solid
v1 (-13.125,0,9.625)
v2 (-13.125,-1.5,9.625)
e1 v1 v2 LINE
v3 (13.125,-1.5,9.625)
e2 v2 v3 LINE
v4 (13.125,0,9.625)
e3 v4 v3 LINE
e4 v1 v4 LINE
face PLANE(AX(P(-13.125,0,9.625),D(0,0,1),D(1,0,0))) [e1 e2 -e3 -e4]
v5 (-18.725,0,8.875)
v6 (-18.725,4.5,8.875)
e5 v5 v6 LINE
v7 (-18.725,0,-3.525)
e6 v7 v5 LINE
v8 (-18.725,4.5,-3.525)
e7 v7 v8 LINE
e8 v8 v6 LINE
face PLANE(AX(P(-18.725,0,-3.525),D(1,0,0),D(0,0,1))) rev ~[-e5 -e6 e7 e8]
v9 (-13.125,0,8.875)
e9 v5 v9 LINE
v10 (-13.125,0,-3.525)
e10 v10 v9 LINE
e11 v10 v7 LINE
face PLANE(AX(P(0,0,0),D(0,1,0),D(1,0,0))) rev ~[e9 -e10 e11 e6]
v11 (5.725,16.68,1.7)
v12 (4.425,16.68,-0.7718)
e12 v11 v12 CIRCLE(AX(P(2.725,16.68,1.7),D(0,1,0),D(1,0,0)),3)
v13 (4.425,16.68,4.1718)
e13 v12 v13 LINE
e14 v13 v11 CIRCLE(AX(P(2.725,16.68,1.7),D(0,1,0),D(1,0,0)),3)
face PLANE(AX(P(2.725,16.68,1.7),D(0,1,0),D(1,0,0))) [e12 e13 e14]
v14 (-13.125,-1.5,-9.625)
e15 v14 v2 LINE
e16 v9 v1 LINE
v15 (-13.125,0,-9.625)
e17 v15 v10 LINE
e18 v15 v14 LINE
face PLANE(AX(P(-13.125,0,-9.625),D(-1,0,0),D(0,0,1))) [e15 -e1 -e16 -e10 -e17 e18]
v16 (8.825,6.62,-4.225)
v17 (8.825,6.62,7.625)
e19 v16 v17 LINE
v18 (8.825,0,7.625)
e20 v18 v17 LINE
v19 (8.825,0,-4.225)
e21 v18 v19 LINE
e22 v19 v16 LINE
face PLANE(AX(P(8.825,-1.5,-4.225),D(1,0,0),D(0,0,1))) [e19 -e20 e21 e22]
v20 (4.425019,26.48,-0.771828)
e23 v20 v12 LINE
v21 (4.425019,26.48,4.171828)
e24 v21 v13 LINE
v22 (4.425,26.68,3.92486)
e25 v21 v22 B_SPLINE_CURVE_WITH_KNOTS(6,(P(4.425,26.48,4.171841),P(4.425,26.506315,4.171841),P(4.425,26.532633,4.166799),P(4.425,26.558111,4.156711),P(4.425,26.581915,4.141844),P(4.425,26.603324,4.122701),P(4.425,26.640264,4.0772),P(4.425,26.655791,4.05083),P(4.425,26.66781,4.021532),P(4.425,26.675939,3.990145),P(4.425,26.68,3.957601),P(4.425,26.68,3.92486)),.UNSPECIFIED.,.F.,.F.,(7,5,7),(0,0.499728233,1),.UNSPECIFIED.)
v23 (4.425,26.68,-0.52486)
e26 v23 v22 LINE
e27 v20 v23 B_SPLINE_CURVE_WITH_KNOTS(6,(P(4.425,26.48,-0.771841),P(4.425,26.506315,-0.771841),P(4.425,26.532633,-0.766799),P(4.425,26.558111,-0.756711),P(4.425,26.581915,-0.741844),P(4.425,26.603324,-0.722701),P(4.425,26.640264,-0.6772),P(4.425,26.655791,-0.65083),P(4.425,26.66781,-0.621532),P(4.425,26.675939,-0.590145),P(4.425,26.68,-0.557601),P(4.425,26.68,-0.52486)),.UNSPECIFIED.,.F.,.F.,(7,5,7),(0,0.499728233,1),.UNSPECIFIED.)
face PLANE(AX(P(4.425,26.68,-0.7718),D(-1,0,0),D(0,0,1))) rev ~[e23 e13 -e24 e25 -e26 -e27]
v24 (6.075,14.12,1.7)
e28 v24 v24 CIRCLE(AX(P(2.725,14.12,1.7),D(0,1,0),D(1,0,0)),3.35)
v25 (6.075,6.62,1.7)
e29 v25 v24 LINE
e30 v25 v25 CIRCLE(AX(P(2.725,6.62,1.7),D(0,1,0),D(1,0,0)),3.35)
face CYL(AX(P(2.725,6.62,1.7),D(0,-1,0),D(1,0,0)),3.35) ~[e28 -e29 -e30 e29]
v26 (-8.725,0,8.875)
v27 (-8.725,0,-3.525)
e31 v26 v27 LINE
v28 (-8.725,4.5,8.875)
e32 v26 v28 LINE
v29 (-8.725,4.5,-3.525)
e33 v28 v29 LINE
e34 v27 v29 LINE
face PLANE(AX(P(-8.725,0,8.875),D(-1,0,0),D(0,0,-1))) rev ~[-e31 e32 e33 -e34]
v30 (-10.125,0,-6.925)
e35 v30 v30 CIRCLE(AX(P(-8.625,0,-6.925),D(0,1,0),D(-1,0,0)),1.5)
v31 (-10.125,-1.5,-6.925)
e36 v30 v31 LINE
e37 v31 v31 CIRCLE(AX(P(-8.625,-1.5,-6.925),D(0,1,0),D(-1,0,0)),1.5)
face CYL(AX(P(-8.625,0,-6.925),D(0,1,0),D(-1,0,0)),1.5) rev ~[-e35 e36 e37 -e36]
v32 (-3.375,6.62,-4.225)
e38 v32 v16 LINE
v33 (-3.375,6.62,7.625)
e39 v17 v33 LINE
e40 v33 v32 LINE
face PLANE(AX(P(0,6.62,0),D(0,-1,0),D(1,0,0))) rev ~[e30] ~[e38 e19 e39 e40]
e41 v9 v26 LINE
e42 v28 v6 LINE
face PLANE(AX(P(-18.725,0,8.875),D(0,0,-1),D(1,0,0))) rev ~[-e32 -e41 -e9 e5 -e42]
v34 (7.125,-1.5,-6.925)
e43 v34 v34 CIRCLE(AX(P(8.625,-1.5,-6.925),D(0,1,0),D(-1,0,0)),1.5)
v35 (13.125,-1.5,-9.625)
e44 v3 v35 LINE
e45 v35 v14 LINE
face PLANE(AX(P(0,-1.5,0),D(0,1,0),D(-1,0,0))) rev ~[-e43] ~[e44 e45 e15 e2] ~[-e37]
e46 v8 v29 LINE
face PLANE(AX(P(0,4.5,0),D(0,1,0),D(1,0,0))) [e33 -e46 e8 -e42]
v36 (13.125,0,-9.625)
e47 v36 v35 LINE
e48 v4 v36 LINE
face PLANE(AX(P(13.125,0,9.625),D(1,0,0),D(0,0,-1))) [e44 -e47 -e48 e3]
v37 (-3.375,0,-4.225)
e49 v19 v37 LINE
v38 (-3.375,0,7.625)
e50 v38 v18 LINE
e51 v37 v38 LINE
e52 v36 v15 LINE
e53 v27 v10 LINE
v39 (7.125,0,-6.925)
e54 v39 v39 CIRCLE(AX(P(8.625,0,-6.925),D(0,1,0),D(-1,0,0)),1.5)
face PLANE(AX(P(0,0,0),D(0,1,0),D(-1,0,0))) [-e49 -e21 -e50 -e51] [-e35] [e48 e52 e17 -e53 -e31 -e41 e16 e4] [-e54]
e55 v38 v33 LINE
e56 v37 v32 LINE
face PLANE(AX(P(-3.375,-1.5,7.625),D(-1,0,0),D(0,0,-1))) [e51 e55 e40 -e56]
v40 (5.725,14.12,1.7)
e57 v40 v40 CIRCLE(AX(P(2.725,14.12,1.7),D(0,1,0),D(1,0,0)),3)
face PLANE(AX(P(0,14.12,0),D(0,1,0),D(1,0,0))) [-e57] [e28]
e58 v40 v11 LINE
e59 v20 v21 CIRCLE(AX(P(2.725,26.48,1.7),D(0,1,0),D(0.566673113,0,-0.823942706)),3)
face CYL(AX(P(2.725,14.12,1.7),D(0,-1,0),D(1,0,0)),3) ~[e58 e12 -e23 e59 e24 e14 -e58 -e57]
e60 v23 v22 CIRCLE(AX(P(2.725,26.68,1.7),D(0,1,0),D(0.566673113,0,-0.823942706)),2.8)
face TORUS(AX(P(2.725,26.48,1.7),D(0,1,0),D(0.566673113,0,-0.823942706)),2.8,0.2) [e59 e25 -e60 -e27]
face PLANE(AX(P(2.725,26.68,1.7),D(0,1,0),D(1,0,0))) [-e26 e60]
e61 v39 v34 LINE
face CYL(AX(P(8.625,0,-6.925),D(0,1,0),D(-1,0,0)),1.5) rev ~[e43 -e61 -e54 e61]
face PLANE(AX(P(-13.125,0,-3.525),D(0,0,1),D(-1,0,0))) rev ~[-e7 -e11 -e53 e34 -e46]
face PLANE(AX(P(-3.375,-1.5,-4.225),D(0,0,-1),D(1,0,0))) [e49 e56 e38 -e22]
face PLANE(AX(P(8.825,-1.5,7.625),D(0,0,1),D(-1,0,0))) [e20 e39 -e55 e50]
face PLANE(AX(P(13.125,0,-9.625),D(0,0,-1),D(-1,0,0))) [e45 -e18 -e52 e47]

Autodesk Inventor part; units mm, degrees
ref_plane "YZ Plane" through (0, 0, 0) normal (1, 0, 0) x (0, 1, 0)
ref_plane "XZ Plane" through (0, 0, 0) normal (0, 1, 0) x (-1, 0, 0)
ref_plane "XY Plane" through (0, 0, 0) normal (0, 0, 1) x (1, 0, 0)
sketch "Sketch1" plane through (0, 0, 0) normal (0, 1, 0) x (-1, 0, 0)
  line L0 (13.125, 9.625) -> (-13.125, 9.625)
  line L1 (-13.125, 9.625) -> (-13.125, -9.625)
  line L2 (-13.125, -9.625) -> (13.125, -9.625)
  line L3 (13.125, -9.625) -> (13.125, 9.625)
  line L4 (13.125, 9.625) -> (-13.125, -9.625) construction
  line L5 (-13.125, 9.625) -> (13.125, -9.625) construction
  circle A0 centre (8.625, -6.925) radius 1.5
  circle A1 centre (-8.625, -6.925) radius 1.5
  line L6 (3.375, 7.625) -> (-8.825, 7.625)
  line L7 (-8.825, 7.625) -> (-8.825, -4.225)
  line L8 (-8.825, -4.225) -> (3.375, -4.225)
  line L9 (3.375, -4.225) -> (3.375, 7.625)
  line L10 (3.375, 7.625) -> (-8.825, -4.225) construction
  line L11 (-8.825, 7.625) -> (3.375, -4.225) construction
  point P0 (0, 0)
  point P1 (-2.725, 1.7)
  dimension "d0" = 26.25
  dimension "d1" = 19.25
  dimension "d2" = 3
  dimension "d3" = 3
  dimension "d5" = 2.7
  dimension "d8" = 4.5
  dimension "d9" = 4.5
  dimension "d11" = 2.7
  dimension "d12" = 12.2
  dimension "d13" = 11.85
  dimension "d14" = 2
  dimension "d15" = 4.3
extrude "Extrusion1" add sketch "Sketch1" against normal blind 1.5
sketch "Sketch2" plane through (0, -1.5, 0) normal (0, -1, 0) x (1, 0, 0)
  line L0 (8.825, -4.225) -> (8.825, 7.625) projected
  line L1 (8.825, 7.625) -> (-3.375, 7.625) projected
  line L2 (-3.375, 7.625) -> (-3.375, -4.225) projected
  line L3 (-3.375, -4.225) -> (8.825, -4.225) projected
  circle A0 centre (8.625, -6.925) radius 1.5 projected
  circle A1 centre (-8.625, -6.925) radius 1.5 projected
  line L4 (-13.125, 9.625) -> (13.125, 9.625) projected
  line L5 (13.125, 9.625) -> (13.125, -9.625) projected
  line L6 (13.125, -9.625) -> (-13.125, -9.625) projected
  line L7 (-13.125, -9.625) -> (-13.125, 9.625) projected
  point P0 (0, 0)
extrude "Extrusion2" add sketch "Sketch2" against normal blind 8.12 contours L3 L2 L1 L0
sketch "Sketch3" plane through (0, 0, 0) normal (0, 1, 0) x (1, 0, 0)
  line L0 (-18.725, -8.875) -> (-8.725, -8.875)
  line L1 (-8.725, -8.875) -> (-8.725, 3.525)
  line L2 (-8.725, 3.525) -> (-18.725, 3.525)
  line L3 (-18.725, 3.525) -> (-18.725, -8.875)
  line L4 (-18.725, -8.875) -> (-8.725, 3.525) construction
  line L5 (-8.725, -8.875) -> (-18.725, 3.525) construction
  line L6 (-13.125, 9.625) -> (-13.125, -9.625) projected
  line L7 (13.125, 9.625) -> (-13.125, 9.625) projected
  point P0 (0, 0)
  point P1 (-13.725, -2.675)
  dimension "d20" = 10
  dimension "d21" = 12.4
  dimension "d22" = 4.4
  dimension "d23" = 18.5
extrude "Extrusion3" add sketch "Sketch3" along normal blind 4.5
sketch "Sketch4" plane through (0, 6.62, 0) normal (0, 1, 0) x (1, 0, 0)
  line L0 (8.825, -7.625) -> (8.825, 4.225) projected
  line L1 (8.825, 4.225) -> (-3.375, 4.225) projected
  line L2 (-3.375, 4.225) -> (-3.375, -7.625) projected
  line L3 (-3.375, -7.625) -> (8.825, -7.625) projected
  circle A0 centre (2.725, -1.7) radius 3.35
  point P0 (0, 0)
  dimension "d26" = 6.7
extrude "Extrusion4" add sketch "Sketch4" along normal blind 7.5 contours A0
sketch "Sketch5" plane through (2.725, 14.12, 1.7) normal (0, 1, 0) x (1, 0, 0)
  circle A0 centre (0, 0) radius 3.35 projected
  circle A1 centre (0, 0) radius 3
  point P0 (-2.725, 1.7)
  dimension "d29" = 6
extrude "Extrusion5" add sketch "Sketch5" along normal blind 12.56 contours A1
sketch "Sketch6" plane through (2.725, 26.68, 1.7) normal (0, 1, 0) x (1, 0, 0)
  circle A0 centre (0, 0) radius 3 projected
  line L0 (1.7, 2.4718) -> (1.7, -2.4718)
  point P0 (-2.725, 1.7)
  dimension "d32" = 1.7
extrude "Extrusion6" cut sketch "Sketch6" against normal blind 10 contours A0 L0 picked at (2.1333, 0)
fillet "Fillet1" radius 0.2 1 edges at (-0.275, 26.68, 1.7)
equation "\"d11\" = d5"
properties part number "encoder"
